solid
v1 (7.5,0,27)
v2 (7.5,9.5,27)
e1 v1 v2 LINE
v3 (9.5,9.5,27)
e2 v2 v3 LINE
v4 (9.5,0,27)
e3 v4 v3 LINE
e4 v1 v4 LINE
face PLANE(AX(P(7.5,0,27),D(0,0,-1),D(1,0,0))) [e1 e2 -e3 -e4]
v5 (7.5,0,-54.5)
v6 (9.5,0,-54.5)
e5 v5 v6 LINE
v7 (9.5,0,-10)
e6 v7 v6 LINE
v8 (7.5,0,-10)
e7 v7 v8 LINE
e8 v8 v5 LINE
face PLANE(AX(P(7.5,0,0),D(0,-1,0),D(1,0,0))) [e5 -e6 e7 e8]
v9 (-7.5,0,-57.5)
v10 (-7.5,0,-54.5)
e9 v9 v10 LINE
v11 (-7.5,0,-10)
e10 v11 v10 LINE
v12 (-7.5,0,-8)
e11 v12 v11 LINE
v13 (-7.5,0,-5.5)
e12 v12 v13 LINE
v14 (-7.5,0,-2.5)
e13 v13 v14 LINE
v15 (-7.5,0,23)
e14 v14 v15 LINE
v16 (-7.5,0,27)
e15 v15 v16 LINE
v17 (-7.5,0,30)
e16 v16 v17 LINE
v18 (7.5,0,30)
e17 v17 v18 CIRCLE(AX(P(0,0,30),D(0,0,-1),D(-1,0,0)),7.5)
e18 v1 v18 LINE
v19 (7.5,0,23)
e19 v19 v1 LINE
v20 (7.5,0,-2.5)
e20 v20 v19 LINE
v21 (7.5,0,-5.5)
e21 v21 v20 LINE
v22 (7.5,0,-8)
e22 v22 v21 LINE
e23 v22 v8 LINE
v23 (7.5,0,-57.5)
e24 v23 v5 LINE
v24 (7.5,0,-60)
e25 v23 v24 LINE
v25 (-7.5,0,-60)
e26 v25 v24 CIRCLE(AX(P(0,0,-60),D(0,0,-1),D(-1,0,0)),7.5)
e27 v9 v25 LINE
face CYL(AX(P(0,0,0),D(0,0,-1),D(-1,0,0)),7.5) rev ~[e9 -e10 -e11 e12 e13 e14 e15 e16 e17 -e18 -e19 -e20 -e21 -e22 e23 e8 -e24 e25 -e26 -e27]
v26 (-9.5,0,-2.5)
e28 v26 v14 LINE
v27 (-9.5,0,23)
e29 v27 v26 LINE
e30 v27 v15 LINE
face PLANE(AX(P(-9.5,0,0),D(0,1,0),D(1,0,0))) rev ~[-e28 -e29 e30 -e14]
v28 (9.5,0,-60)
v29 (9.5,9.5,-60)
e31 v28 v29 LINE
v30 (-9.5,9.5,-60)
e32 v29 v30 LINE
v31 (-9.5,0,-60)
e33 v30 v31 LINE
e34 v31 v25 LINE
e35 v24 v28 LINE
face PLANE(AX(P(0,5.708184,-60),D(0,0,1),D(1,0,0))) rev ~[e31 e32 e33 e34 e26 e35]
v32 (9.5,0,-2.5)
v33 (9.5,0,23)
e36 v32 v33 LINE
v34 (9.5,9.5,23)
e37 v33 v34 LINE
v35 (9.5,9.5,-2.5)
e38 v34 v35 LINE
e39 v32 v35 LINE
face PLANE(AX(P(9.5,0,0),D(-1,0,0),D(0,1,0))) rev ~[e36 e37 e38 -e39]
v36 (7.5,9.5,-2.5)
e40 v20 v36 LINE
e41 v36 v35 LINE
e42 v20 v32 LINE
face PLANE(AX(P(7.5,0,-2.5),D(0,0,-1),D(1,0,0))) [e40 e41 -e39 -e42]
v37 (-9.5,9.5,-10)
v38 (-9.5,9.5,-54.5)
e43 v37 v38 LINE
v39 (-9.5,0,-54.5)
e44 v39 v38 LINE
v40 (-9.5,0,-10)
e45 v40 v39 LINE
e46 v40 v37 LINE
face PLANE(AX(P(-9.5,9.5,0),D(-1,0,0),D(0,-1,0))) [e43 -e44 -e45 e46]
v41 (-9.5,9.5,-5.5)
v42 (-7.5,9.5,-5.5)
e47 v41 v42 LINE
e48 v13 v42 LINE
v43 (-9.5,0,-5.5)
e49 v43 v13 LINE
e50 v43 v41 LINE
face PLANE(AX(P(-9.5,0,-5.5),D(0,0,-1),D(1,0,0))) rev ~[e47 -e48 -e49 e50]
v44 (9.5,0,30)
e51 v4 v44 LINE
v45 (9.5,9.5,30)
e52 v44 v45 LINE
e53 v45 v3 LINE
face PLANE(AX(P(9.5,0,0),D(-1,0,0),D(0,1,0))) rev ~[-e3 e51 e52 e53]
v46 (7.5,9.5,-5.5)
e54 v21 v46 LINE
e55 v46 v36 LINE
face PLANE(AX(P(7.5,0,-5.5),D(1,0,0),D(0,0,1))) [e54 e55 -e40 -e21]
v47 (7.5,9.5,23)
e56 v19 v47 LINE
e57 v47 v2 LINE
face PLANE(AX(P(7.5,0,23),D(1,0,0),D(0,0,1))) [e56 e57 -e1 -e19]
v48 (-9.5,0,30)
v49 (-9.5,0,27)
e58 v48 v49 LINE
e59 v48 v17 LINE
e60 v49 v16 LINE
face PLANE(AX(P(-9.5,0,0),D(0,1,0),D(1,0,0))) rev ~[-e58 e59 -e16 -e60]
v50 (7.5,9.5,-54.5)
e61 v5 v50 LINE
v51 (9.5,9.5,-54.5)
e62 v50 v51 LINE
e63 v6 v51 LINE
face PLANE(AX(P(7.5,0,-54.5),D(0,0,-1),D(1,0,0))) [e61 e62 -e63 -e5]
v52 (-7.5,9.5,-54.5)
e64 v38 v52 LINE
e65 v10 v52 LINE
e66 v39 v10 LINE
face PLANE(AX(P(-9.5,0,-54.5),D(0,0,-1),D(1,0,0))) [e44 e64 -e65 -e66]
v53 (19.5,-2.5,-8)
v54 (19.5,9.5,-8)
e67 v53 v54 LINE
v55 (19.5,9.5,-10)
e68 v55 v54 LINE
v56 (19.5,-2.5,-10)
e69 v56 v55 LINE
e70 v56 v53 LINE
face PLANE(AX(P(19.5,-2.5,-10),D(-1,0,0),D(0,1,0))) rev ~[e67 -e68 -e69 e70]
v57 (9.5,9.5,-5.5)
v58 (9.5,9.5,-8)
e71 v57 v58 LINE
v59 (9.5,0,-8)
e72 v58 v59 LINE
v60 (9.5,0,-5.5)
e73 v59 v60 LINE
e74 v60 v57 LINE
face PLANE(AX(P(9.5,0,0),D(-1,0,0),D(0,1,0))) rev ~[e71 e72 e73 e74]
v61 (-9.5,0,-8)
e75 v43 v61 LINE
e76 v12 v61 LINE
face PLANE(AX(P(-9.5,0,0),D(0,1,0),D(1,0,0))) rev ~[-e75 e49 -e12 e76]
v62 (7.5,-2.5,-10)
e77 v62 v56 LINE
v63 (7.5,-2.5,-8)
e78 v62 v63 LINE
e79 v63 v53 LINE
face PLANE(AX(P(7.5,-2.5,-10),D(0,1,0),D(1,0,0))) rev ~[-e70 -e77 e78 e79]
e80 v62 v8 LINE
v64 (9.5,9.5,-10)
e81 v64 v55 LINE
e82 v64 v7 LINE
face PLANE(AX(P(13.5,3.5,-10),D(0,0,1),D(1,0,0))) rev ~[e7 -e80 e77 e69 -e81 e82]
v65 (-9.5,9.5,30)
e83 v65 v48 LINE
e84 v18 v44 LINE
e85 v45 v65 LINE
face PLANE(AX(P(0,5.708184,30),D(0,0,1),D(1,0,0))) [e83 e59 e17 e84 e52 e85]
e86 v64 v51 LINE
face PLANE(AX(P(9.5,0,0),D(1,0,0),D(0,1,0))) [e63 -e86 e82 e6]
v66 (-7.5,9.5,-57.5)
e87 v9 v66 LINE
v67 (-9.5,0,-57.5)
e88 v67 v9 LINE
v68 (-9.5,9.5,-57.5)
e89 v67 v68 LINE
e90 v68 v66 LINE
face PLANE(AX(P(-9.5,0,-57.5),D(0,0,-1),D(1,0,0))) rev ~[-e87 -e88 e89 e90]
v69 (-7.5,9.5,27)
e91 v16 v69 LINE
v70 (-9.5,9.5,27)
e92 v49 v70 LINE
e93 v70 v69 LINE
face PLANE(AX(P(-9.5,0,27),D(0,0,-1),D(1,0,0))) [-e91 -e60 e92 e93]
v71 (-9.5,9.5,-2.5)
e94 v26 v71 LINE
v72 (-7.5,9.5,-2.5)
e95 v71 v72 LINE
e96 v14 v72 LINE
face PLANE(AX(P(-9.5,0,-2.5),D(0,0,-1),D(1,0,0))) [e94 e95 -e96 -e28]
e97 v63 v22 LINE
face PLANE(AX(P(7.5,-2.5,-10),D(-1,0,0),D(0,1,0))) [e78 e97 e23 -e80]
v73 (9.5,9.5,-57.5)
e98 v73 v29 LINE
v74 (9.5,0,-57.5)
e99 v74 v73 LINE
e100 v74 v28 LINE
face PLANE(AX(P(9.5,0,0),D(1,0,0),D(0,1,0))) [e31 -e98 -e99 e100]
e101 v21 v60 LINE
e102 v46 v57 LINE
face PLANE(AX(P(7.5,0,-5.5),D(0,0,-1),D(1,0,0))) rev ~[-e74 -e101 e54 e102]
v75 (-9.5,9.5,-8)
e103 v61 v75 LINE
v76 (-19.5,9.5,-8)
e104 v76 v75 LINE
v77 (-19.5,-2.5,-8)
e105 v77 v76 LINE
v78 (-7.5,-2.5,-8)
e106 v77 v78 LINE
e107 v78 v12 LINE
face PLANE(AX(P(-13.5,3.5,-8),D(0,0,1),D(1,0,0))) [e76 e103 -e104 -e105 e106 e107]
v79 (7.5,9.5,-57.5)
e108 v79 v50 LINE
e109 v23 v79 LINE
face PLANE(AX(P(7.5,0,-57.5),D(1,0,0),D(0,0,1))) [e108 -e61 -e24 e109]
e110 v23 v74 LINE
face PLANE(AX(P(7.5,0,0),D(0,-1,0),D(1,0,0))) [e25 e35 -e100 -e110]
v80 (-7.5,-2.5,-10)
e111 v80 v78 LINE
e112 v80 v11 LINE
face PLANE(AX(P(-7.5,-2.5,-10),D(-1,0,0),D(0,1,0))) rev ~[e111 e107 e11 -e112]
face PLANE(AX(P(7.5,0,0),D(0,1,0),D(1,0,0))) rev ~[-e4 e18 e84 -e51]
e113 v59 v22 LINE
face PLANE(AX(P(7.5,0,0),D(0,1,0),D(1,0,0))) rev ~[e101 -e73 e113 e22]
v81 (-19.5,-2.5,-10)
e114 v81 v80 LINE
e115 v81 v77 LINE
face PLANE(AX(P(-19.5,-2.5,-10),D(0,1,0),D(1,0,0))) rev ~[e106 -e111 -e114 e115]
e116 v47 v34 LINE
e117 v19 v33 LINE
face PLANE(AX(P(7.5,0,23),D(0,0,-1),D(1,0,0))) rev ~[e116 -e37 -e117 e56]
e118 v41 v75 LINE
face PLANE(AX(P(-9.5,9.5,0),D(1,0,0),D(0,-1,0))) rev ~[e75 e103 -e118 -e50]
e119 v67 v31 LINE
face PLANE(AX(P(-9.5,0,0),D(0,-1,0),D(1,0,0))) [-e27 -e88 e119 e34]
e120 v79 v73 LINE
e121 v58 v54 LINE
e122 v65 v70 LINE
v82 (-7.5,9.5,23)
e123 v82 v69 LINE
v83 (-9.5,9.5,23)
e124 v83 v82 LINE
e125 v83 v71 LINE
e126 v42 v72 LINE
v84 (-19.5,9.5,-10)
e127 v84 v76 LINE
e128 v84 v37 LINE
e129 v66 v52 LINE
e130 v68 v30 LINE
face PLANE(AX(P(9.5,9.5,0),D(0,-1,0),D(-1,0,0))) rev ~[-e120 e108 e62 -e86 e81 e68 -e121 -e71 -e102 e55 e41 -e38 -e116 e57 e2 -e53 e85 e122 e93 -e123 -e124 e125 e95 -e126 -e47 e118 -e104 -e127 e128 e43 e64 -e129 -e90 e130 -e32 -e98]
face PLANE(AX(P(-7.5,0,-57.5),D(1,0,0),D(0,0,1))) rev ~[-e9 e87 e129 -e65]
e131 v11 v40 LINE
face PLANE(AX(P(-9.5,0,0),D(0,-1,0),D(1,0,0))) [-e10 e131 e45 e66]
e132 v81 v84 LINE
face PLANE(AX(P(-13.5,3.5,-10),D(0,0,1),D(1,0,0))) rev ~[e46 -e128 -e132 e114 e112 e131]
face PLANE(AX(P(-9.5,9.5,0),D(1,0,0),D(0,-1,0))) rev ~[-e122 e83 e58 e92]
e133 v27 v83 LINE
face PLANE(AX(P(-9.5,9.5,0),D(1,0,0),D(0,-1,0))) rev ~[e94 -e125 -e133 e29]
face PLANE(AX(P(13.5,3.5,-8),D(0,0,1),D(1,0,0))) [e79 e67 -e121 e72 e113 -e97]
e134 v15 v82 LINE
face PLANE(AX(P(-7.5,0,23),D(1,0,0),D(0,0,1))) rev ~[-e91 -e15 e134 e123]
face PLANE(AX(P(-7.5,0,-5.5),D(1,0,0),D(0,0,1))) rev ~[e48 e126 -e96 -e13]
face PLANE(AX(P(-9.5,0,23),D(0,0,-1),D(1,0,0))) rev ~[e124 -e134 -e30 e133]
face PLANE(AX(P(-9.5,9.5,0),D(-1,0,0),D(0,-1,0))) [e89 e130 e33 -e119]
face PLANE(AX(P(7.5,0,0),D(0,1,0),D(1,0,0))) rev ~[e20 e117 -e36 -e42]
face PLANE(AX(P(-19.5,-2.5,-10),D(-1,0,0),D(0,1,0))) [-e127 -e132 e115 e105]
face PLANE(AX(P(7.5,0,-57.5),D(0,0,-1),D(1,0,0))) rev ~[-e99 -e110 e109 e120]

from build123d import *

# Parameters (mm, degrees)
F1_DEPTH = 60
F3_W     = 12
F3_H     = 12
F4_DEPTH = 2
F5_DEPTH = 30
F6_W     = 2
F6_H     = 3
F6_H_2   = 4
F7_DEPTH = 9.501


with BuildPart() as f1:
    # F0 (on Top) → F1 (new body)
    with BuildSketch(Plane.XY):
        with BuildLine():
            Line((-9.5, 0), (-7.5, 0))
            ThreePointArc((-7.5, 0), (0, 7.5), (7.5, 0))
            Line((7.5, 0), (9.5, 0))
            Line((9.5, 0), (9.5, 9.5))
            Line((9.5, 9.5), (-9.5, 9.5))
            Line((-9.5, 9.5), (-9.5, 0))
        make_face()
    extrude(amount=-F1_DEPTH)

    # F3 (on offset) → F4 (join)
    with BuildSketch(Plane.XY.offset(-10)):
        with Locations((-13.5, 3.5)):
            Rectangle(F3_W, F3_H)
        with Locations((13.5, 3.5)):
            Rectangle(F3_W, F3_H)
    extrude(amount=F4_DEPTH)

    # F1_face (on face) → F5 (join)
    with BuildSketch(Plane(origin=(0, 6.25253, 0), x_dir=(1, 0, 0), z_dir=(0, 0, 1))):
        with BuildLine():
            Line((-9.5, -6.25253), (-7.5, -6.25253))
            ThreePointArc((-7.5, -6.25253), (0, 1.24747), (7.5, -6.25253))
            Line((7.5, -6.25253), (9.5, -6.25253))
            Line((9.5, -6.25253), (9.5, 3.24747))
            Line((9.5, 3.24747), (-9.5, 3.24747))
            Line((-9.5, 3.24747), (-9.5, -6.25253))
        make_face()
    extrude(amount=F5_DEPTH)

    # F6 (on face) → F7 (cut, through all)
    with BuildSketch(Plane.XZ):
        with Locations((-8.5, -4)):
            Rectangle(F6_W, F6_H)
        with Locations((-8.5, -56)):
            Rectangle(F6_W, F6_H)
        with Locations((8.5, -4)):
            Rectangle(F6_W, F6_H)
        with Locations((8.5, -56)):
            Rectangle(F6_W, F6_H)
        with Locations((-8.5, 25)):
            Rectangle(F6_W, F6_H_2)
        with Locations((8.5, 25)):
            Rectangle(F6_W, F6_H_2)
    extrude(amount=-F7_DEPTH, mode=Mode.SUBTRACT)


solid = f1.part
